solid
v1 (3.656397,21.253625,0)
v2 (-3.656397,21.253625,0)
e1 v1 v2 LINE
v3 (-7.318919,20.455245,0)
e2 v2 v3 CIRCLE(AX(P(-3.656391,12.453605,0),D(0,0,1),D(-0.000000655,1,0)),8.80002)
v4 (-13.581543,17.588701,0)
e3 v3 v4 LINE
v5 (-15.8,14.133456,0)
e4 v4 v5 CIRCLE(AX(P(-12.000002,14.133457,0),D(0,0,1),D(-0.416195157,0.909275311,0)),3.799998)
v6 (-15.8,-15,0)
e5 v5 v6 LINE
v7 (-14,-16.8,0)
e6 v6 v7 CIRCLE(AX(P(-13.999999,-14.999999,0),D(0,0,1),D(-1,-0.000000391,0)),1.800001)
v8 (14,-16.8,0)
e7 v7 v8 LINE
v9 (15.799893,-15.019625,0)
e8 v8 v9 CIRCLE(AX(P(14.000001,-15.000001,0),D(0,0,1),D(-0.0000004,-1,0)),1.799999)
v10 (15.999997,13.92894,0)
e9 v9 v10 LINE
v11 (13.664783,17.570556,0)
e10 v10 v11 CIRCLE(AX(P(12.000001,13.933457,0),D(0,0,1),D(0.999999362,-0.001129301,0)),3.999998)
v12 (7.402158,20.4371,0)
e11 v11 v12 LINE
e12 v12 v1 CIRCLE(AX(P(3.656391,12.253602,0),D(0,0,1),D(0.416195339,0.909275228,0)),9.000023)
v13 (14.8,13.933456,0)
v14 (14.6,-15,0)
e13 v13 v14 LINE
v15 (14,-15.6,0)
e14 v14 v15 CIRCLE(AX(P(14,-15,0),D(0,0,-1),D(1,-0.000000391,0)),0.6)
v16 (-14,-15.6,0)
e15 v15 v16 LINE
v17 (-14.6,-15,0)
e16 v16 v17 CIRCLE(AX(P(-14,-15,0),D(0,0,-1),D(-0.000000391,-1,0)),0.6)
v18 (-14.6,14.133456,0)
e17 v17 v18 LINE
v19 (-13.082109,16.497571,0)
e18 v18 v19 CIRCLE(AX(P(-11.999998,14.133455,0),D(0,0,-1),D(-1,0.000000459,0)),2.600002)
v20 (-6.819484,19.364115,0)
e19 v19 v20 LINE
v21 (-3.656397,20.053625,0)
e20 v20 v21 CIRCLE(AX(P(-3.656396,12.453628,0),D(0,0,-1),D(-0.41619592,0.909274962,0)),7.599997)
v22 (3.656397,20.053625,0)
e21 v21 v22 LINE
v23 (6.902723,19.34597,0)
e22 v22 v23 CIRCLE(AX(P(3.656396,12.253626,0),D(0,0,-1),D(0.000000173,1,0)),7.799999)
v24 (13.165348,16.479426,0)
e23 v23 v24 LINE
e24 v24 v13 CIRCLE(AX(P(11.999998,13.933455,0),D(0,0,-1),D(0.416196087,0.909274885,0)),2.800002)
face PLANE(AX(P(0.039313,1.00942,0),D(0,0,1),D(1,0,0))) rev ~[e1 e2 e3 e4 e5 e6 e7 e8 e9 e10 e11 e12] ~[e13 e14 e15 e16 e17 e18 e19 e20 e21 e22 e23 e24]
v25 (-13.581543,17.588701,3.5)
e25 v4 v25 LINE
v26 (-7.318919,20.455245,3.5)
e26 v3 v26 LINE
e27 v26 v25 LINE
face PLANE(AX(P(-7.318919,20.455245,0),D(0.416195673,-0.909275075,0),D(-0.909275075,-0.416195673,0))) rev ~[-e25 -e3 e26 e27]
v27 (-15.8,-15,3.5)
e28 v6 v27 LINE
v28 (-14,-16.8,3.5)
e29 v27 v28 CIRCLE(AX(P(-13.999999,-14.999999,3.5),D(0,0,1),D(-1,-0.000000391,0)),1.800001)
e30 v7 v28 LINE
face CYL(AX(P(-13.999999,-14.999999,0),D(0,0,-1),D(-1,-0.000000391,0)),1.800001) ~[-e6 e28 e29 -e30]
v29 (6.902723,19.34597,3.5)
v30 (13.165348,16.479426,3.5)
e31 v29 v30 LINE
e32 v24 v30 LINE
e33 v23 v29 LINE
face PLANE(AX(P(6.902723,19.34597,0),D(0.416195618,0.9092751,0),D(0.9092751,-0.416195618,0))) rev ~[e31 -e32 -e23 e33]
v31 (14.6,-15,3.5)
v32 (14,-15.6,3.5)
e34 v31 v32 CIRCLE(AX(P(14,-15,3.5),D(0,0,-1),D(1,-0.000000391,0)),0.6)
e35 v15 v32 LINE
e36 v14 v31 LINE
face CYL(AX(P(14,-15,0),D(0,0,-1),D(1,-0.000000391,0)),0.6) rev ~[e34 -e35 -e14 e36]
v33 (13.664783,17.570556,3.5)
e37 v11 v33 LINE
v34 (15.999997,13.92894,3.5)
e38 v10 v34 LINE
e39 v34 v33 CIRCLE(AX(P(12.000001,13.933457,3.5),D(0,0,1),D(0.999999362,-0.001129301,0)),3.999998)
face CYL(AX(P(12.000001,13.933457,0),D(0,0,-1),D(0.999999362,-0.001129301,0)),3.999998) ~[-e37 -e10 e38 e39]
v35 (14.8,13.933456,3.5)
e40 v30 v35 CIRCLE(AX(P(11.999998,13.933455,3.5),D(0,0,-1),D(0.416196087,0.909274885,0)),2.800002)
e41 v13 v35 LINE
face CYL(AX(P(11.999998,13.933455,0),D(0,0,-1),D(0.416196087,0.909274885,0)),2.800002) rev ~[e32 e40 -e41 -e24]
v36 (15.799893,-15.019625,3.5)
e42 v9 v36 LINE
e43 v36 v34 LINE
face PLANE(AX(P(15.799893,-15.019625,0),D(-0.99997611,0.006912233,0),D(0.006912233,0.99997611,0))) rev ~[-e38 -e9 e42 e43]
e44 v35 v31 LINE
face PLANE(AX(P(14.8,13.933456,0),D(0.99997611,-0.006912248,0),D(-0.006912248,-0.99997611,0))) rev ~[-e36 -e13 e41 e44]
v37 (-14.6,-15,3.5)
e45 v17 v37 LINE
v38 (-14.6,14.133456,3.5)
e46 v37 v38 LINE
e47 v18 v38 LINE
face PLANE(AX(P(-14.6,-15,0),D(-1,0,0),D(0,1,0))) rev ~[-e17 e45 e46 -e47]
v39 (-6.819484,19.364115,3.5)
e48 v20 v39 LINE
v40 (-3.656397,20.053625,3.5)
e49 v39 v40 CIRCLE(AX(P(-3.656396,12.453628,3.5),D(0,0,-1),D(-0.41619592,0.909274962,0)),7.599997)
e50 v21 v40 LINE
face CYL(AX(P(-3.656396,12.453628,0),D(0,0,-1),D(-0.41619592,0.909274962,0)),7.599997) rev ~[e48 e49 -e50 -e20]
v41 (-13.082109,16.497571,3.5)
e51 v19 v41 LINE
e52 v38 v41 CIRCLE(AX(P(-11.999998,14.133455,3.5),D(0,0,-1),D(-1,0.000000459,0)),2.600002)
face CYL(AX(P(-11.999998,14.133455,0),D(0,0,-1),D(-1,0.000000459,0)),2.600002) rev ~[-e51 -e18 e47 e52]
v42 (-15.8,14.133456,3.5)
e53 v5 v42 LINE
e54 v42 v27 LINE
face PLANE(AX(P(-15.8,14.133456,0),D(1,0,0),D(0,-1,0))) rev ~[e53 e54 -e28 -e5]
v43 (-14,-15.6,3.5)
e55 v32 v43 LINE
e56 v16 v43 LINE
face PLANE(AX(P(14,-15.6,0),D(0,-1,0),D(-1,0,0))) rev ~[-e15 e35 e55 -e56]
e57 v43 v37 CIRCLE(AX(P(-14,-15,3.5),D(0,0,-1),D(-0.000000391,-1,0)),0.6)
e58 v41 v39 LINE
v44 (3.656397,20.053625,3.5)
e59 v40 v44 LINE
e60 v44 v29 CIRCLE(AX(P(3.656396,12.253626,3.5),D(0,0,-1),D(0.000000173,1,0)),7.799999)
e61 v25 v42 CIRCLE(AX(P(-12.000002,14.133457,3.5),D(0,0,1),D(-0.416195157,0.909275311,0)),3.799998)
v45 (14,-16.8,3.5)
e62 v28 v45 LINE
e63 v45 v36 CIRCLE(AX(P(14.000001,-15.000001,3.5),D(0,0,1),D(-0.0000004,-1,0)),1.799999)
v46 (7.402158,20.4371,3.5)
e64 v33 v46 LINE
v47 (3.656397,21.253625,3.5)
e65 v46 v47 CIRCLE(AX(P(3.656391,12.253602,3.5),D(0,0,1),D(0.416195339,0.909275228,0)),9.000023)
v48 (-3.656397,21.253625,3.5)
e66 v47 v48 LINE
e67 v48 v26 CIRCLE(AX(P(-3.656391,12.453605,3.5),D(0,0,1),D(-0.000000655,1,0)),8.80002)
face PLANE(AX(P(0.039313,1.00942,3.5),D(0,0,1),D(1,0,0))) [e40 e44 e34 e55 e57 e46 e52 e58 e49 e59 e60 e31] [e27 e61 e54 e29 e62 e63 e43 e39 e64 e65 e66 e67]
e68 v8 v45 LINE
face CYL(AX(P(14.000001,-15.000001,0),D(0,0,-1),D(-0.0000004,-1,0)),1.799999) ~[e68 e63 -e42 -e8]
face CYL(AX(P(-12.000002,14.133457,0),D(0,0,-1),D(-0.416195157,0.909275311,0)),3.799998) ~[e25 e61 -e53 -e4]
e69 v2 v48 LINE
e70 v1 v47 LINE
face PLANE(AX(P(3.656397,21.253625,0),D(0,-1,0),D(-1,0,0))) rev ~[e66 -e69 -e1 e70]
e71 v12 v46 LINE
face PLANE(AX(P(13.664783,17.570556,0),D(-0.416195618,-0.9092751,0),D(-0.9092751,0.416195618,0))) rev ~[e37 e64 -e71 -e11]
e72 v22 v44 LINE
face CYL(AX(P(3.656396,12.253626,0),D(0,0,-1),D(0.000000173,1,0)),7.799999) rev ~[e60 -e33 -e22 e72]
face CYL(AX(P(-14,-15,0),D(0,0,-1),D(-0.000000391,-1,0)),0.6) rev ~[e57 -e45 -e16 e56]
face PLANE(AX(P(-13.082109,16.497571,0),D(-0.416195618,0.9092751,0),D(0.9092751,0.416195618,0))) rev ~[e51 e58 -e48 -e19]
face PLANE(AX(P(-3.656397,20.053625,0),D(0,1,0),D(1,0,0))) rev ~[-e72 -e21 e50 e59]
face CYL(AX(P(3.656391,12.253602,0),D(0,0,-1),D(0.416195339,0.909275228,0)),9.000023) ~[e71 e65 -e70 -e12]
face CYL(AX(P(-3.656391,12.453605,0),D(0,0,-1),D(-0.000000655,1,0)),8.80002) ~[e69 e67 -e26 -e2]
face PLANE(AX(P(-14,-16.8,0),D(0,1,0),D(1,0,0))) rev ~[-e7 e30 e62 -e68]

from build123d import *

# Parameters (mm, degrees)
F1_DEPTH = 3.5


with BuildPart() as f1:
    # F0 (on Top) → F1 (new body)
    with BuildSketch(Plane.XY):
        with BuildLine():
            Line((-7.318919, 20.455245), (-13.581543, 17.588701))
            ThreePointArc((-13.581543, 17.588701), (-15.197645, 16.186519), (-15.8, 14.133456))
            Line((-15.8, 14.133456), (-15.8, -15))
            ThreePointArc((-15.8, -15), (-15.272792, -16.272792), (-14, -16.8))
            Line((-14, -16.8), (14, -16.8))
            ThreePointArc((14, -16.8), (15.265835, -16.279712), (15.799893, -15.019625))
            Line((15.799893, -15.019625), (15.999997, 13.92894))
            ThreePointArc((15.999997, 13.92894), (15.367161, 16.092675), (13.664783, 17.570556))
            Line((13.664783, 17.570556), (7.402158, 20.4371))
            ThreePointArc((7.402158, 20.4371), (5.573259, 21.047124), (3.656397, 21.253625))
            Line((3.656397, 21.253625), (-3.656397, 21.253625))
            ThreePointArc((-3.656397, 21.253625), (-5.530662, 21.051713), (-7.318919, 20.455245))
        make_face()
        with BuildLine():
            ThreePointArc((-14.6, 14.133456), (-14.187862, 15.538183), (-13.082109, 16.497571))
            Line((-13.082109, 16.497571), (-6.819484, 19.364115))
            ThreePointArc((-6.819484, 19.364115), (-5.27508, 19.879247), (-3.656397, 20.053625))
            Line((-3.656397, 20.053625), (3.656397, 20.053625))
            ThreePointArc((3.656397, 20.053625), (5.317677, 19.874658), (6.902723, 19.34597))
            Line((6.902723, 19.34597), (13.165348, 16.479426))
            ThreePointArc((13.165348, 16.479426), (14.356159, 15.446239), (14.8, 13.933456))
            Line((14.8, 13.933456), (14.6, -15))
            ThreePointArc((14.6, -15), (14.424264, -15.424264), (14, -15.6))
            Line((14, -15.6), (-14, -15.6))
            ThreePointArc((-14, -15.6), (-14.424264, -15.424264), (-14.6, -15))
            Line((-14.6, -15), (-14.6, 14.133456))
        make_face(mode=Mode.SUBTRACT)
    extrude(amount=F1_DEPTH)


solid = f1.part
